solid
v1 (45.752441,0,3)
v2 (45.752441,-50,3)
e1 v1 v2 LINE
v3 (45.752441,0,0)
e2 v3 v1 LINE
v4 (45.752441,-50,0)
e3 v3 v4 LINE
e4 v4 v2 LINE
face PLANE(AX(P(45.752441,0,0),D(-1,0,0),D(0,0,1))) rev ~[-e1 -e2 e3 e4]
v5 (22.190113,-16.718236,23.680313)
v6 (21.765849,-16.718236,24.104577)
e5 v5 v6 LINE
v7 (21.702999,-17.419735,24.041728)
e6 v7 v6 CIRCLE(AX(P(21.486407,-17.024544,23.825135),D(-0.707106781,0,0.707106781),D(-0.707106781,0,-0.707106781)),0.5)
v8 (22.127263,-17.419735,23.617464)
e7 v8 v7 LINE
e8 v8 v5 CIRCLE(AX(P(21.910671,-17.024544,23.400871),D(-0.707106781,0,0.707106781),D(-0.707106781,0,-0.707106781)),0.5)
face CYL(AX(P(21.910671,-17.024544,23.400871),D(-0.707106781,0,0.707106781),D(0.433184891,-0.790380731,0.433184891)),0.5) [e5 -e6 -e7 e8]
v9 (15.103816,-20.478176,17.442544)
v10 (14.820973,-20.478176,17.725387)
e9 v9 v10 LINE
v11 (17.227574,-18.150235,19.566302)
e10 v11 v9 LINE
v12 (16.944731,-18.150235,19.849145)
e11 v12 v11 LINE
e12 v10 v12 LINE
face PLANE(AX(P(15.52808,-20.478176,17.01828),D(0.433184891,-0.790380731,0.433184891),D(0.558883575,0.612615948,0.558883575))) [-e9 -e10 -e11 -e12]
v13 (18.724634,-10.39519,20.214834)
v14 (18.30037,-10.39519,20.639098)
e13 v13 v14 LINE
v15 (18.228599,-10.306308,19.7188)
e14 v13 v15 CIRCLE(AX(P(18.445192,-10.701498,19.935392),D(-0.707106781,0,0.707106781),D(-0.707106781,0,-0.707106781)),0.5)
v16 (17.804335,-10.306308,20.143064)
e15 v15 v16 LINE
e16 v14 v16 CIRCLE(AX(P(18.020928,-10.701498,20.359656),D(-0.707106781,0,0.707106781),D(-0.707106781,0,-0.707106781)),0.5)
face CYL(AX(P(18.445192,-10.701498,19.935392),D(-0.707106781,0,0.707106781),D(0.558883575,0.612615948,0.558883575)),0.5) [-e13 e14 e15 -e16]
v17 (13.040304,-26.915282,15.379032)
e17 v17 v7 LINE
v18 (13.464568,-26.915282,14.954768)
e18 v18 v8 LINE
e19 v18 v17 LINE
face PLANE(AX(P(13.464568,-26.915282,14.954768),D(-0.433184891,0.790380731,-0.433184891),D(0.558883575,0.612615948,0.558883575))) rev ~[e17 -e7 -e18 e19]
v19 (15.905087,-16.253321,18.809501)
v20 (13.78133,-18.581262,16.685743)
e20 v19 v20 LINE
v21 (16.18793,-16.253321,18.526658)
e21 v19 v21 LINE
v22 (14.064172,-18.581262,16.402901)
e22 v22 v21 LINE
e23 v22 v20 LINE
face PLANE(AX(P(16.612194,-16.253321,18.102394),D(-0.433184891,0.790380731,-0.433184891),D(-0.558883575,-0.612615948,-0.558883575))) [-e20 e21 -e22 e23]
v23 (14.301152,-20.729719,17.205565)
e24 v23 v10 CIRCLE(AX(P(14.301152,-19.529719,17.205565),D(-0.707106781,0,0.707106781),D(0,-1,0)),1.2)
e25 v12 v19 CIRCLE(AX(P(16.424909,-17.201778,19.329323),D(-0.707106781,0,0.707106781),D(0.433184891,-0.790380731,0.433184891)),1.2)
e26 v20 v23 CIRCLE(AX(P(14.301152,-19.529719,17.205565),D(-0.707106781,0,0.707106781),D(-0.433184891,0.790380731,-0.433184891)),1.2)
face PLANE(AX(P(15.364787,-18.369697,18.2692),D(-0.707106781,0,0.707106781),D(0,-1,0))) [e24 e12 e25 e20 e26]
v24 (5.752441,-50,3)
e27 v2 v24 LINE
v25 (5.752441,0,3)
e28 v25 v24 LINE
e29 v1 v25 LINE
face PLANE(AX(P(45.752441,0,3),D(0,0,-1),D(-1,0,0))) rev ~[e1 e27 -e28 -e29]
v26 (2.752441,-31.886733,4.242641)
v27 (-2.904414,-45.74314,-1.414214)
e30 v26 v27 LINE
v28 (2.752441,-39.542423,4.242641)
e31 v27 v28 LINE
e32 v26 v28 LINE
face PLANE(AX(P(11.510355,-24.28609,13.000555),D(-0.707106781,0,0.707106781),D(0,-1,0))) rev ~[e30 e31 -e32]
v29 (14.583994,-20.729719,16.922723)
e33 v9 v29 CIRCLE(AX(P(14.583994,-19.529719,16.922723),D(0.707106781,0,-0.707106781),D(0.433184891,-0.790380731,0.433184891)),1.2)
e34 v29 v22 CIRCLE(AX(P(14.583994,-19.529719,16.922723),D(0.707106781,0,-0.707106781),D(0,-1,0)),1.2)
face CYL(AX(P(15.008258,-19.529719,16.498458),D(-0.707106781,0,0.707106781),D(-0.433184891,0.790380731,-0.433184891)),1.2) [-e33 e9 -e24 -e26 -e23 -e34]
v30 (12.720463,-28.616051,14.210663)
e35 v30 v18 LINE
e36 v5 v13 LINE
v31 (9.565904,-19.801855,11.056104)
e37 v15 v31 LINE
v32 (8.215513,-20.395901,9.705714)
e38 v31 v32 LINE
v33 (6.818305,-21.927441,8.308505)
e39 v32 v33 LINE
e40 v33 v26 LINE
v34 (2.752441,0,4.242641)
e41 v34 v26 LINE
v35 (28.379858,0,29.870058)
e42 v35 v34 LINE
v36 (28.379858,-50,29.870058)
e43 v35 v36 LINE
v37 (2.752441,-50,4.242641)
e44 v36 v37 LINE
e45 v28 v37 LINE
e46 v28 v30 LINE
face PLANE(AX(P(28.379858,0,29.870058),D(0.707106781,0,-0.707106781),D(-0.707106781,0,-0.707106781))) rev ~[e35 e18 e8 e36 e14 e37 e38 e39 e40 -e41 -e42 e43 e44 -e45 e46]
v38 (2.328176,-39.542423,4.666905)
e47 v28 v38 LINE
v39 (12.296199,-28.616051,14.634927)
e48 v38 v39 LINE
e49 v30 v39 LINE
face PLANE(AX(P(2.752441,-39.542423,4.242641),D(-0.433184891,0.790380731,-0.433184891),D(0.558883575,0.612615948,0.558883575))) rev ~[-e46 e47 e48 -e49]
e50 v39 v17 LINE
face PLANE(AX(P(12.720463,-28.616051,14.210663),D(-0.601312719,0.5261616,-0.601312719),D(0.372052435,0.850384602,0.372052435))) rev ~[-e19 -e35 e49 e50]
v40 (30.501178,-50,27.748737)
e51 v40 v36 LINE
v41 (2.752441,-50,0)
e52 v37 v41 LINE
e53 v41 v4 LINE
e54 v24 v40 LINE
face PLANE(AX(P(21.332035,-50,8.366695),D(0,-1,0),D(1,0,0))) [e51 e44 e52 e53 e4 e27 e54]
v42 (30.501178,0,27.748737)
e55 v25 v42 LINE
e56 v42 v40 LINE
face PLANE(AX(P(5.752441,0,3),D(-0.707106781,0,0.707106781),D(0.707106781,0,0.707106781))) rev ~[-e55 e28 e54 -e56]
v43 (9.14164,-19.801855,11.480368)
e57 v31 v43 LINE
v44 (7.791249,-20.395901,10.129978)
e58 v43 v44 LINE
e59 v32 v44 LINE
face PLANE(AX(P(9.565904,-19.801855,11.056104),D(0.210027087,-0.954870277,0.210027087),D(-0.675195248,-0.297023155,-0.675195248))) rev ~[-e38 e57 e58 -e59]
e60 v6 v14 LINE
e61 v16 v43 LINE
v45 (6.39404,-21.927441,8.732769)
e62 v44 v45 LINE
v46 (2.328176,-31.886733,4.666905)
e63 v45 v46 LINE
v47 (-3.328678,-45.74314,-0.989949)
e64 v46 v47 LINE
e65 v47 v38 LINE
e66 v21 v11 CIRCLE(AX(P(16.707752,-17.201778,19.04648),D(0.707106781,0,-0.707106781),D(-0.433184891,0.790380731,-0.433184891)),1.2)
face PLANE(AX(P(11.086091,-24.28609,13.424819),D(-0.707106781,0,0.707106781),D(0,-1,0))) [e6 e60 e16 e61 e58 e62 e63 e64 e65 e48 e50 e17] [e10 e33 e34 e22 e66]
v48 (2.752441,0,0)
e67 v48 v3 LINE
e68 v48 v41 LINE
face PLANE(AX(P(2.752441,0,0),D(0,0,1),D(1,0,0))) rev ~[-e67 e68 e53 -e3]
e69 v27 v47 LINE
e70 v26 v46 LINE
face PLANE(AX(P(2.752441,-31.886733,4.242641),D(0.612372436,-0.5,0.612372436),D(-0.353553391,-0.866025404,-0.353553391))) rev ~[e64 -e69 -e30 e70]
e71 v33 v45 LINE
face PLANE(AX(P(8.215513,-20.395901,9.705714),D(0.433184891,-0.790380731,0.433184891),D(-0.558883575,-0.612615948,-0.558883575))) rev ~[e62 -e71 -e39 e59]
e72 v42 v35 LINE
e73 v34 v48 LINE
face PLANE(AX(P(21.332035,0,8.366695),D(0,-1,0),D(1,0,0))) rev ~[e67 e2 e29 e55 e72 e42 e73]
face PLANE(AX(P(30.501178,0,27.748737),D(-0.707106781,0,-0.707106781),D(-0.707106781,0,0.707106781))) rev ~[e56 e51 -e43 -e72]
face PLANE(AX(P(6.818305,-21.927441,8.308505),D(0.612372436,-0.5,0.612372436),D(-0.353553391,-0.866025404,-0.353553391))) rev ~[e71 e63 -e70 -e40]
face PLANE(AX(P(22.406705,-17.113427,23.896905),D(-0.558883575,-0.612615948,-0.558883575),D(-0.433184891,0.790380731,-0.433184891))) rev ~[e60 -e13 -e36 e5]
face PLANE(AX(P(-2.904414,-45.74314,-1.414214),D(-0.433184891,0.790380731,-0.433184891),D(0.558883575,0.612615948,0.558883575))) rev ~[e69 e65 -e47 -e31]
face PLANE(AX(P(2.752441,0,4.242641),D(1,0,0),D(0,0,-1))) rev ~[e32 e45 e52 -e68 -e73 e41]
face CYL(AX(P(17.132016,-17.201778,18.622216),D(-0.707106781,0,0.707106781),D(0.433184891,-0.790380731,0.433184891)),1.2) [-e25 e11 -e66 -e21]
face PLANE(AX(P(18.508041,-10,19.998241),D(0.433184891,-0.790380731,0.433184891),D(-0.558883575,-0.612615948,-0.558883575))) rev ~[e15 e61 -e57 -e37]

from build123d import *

# Parameters (mm, degrees)
F1_DEPTH = 50
F3_DEPTH = 0.6
F4_R     = 0.5
F5_DEPTH = 1


with BuildPart() as f1:
    # F0 (on Front) → F1 (new body)
    with BuildSketch(Plane.XZ):
        Polygon((45.7524405147, 0), (45.7524405147, 3), (5.7524405147, 3), (30.5011778563, 27.7487373415), (28.3798575127, 29.8700576851), (2.7524405147, 4.2426406871), (2.7524405147, 0), align=None)
    extrude(amount=F1_DEPTH)

    # F2 (on face) → F3 (join)
    with BuildSketch(Plane(origin=(-0.7451000862, 0, 0.7451000862), x_dir=(0, -1, 0), z_dir=(-0.7071067812, 0, 0.7071067812))):
        Polygon((28.6160509516, 19.0431820663), (26.9152817478, 20.0955052655), (17.1134265816, 32.7415969661), (10, 27.2280534351), (19.8018551662, 14.5819617345), (20.3959014762, 12.672221181), (21.9274413459, 10.6962693528), (31.8867334894, 4.9462693528), (39.542422512, 4.9462693528), align=None)
        with BuildLine():
            ThreePointArc((16.2533213032, 24.546920712), (16.4666390433, 26.230516727), (18.1502350583, 26.0171989869))
            Line((18.1502350583, 26.0171989869), (20.4781756603, 23.013752208))
            ThreePointArc((20.4781756603, 23.013752208), (20.6650927856, 22.6671048639), (20.7297187827, 22.2786130705))
            ThreePointArc((20.7297187827, 22.2786130705), (19.918210576, 21.1432390676), (18.5812619052, 21.5434739331))
            Line((18.5812619052, 21.5434739331), (16.2533213032, 24.546920712))
        make_face(mode=Mode.SUBTRACT)
        Polygon((45.74313995, -3.0537306472), (39.542422512, 4.9462693528), (31.8867334894, 4.9462693528), align=None)
    extrude(amount=F3_DEPTH)

    # F4
    f4_edges = [f1.edges().sort_by_distance(p)[0] for p in [
        (22.194573, -17.113427, 24.109037),
        (18.295909, -10, 20.210373),
    ]]
    fillet(f4_edges, radius=F4_R)

    # F2 (on face) → F5 (join, symmetric)
    with BuildSketch(Plane(origin=(-0.7451000862, 0, 0.7451000862), x_dir=(0, -1, 0), z_dir=(-0.7071067812, 0, 0.7071067812))):
        with BuildLine():
            ThreePointArc((18.1502350583, 26.0171989869), (18.3371521837, 25.6705516428), (18.4017781807, 25.2820598494))
            ThreePointArc((18.4017781807, 25.2820598494), (17.590269974, 24.1466858465), (16.2533213032, 24.546920712))
            Line((16.2533213032, 24.546920712), (18.5812619052, 21.5434739331))
            ThreePointArc((18.5812619052, 21.5434739331), (18.7945796452, 23.2270699481), (20.4781756603, 23.013752208))
            Line((20.4781756603, 23.013752208), (18.1502350583, 26.0171989869))
        make_face()
        with BuildLine():
            ThreePointArc((16.2533213032, 24.546920712), (17.590269974, 24.1466858465), (18.4017781807, 25.2820598494))
            ThreePointArc((18.4017781807, 25.2820598494), (18.3371521837, 25.6705516428), (18.1502350583, 26.0171989869))
            ThreePointArc((18.1502350583, 26.0171989869), (16.4666390433, 26.230516727), (16.2533213032, 24.546920712))
        make_face()
        with BuildLine():
            ThreePointArc((20.7297187827, 22.2786130705), (20.6650927856, 22.6671048639), (20.4781756603, 23.013752208))
            ThreePointArc((20.4781756603, 23.013752208), (18.7945796452, 23.2270699481), (18.5812619052, 21.5434739331))
            ThreePointArc((18.5812619052, 21.5434739331), (19.918210576, 21.1432390676), (20.7297187827, 22.2786130705))
        make_face()
    extrude(amount=F5_DEPTH, both=True)


solid = f1.part
